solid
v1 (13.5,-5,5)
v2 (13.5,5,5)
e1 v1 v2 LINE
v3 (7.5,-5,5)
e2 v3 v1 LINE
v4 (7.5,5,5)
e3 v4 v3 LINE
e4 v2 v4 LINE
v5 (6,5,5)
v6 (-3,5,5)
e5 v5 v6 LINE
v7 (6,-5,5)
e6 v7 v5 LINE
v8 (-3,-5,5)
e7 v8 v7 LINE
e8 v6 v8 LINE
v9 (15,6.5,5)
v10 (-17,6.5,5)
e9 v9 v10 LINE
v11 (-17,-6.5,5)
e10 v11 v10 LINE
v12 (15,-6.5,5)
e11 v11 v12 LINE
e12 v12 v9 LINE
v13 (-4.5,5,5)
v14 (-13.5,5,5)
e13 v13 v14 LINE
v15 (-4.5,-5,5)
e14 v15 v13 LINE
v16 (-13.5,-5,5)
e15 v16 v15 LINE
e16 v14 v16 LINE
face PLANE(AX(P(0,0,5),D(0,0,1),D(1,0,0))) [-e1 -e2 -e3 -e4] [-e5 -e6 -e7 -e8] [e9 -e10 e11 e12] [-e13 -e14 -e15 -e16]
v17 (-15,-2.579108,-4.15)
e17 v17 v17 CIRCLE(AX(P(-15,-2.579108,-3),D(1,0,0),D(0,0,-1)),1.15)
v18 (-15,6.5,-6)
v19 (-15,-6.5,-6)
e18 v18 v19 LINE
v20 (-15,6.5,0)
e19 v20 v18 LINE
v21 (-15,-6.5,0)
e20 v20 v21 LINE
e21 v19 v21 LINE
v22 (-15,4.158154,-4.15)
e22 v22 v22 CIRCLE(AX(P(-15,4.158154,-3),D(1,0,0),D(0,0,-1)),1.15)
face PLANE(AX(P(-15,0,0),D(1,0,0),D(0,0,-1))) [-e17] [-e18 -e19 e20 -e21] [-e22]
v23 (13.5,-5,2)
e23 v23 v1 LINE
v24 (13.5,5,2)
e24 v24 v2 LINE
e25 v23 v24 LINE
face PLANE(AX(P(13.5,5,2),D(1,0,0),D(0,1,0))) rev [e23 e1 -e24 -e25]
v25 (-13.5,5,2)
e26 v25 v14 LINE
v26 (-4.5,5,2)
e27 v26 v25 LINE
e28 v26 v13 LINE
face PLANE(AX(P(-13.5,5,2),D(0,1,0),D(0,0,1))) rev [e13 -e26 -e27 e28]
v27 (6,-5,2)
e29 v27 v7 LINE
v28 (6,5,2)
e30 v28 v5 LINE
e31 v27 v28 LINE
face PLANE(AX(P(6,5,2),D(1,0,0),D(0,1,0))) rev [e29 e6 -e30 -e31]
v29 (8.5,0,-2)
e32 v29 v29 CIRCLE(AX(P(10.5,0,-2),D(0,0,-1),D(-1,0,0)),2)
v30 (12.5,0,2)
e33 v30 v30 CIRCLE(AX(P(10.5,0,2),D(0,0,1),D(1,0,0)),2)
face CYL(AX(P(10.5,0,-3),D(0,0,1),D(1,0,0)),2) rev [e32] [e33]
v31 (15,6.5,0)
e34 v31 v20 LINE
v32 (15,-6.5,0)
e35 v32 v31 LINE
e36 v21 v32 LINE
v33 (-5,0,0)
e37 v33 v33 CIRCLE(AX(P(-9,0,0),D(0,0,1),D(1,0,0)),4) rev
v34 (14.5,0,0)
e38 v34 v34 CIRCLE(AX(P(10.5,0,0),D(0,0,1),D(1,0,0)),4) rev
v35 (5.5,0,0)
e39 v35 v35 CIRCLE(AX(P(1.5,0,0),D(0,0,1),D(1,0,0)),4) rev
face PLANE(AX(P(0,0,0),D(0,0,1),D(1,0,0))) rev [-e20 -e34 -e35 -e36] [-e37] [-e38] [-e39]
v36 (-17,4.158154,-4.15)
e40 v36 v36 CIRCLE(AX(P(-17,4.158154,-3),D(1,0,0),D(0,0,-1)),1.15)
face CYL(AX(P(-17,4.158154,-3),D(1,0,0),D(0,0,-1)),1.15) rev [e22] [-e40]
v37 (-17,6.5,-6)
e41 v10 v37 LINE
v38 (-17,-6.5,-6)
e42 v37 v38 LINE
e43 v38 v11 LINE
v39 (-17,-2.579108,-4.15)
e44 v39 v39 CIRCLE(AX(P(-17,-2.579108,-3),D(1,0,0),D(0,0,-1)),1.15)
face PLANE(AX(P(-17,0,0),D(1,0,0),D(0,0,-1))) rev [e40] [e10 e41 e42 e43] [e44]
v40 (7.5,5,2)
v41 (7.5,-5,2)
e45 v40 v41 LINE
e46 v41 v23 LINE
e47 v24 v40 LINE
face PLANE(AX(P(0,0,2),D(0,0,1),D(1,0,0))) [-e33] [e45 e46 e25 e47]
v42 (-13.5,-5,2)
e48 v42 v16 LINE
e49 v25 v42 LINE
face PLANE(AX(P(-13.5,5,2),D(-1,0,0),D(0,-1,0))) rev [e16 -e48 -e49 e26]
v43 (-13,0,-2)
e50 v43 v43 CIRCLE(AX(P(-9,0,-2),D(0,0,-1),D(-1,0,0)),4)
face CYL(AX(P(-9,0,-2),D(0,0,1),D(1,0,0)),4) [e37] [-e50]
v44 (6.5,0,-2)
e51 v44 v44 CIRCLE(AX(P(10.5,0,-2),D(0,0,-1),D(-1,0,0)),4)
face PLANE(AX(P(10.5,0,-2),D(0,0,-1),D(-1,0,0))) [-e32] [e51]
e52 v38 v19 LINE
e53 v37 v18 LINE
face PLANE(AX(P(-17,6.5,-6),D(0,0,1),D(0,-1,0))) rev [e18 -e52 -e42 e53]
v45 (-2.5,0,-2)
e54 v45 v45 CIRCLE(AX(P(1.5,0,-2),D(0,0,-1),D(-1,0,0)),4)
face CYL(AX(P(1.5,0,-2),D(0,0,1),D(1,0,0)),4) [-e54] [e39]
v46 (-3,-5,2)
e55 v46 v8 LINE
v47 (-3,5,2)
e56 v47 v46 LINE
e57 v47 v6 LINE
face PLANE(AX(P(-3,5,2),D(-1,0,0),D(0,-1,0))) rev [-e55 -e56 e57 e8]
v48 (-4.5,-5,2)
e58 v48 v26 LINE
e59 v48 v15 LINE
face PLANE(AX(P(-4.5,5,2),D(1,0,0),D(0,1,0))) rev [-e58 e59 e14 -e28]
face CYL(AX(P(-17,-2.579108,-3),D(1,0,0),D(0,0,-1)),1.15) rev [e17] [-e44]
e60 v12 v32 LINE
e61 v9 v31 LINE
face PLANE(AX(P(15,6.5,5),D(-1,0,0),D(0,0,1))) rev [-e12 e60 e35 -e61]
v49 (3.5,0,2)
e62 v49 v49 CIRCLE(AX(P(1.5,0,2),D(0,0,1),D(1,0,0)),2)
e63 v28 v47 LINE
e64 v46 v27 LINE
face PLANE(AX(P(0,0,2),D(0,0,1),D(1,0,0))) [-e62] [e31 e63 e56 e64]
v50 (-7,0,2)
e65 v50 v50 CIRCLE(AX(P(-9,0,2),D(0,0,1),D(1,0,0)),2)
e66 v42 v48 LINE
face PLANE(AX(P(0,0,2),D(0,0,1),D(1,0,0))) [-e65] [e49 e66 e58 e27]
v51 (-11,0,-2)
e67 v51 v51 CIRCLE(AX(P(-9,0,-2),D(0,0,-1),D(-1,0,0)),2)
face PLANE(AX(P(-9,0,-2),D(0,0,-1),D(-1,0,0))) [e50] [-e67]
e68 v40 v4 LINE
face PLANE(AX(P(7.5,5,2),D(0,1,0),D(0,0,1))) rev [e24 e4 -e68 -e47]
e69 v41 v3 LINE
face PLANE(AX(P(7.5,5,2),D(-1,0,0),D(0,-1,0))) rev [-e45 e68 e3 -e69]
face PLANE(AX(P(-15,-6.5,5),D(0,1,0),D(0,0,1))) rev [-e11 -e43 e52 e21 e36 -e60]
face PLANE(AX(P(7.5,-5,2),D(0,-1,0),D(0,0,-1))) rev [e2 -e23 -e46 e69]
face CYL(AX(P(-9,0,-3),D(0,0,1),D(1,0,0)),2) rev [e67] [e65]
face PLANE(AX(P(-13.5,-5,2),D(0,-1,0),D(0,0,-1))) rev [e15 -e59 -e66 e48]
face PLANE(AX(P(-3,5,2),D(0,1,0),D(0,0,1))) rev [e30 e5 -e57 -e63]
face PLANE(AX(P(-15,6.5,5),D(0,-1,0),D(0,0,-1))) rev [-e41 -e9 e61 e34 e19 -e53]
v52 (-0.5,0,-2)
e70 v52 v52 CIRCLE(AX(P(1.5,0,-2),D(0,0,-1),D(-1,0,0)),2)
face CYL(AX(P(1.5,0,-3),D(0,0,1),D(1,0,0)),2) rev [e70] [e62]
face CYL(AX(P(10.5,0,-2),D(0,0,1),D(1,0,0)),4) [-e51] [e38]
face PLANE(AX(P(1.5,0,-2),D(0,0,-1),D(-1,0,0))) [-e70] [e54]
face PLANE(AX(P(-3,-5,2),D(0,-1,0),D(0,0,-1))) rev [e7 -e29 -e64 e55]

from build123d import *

# Parameters (mm, degrees)
SKETCH1_W           = 30
SKETCH1_H           = 13
BOSS_EXTRUDE1_DEPTH = 5
SKETCH2_W           = 9
SKETCH2_H           = 10
SKETCH2_W_2         = 6
CUT_EXTRUDE1_DEPTH  = 3
SKETCH3_R           = 2
CUT_EXTRUDE2_DEPTH  = 5
SKETCH4_W           = 11
SKETCH4_H           = 13
BOSS_EXTRUDE2_DEPTH = 2
SKETCH5_R           = 1.15
CUT_EXTRUDE3_DEPTH  = 2
SKETCH6_R           = 4
SKETCH6_R_2         = 2
BOSS_EXTRUDE3_DEPTH = 2


with BuildPart() as part:
    # Sketch1 → Boss-Extrude1 (new body)
    with BuildSketch(Plane.XY):
        Rectangle(SKETCH1_W, SKETCH1_H)
    extrude(amount=BOSS_EXTRUDE1_DEPTH)

    # Sketch2 → Cut-Extrude1 (cut)
    with BuildSketch(Plane.XY.offset(5)):
        with Locations((-9, 0)):
            Rectangle(SKETCH2_W, SKETCH2_H)
        with Locations((1.5, 0)):
            Rectangle(SKETCH2_W, SKETCH2_H)
        with Locations((10.5, 0)):
            Rectangle(SKETCH2_W_2, SKETCH2_H)
    extrude(amount=-CUT_EXTRUDE1_DEPTH, mode=Mode.SUBTRACT)

    # Sketch3 → Cut-Extrude2 (cut)
    with BuildSketch(Plane.XY.offset(2)):
        with Locations((-9, 0)):
            Circle(SKETCH3_R)
        with Locations((1.5, 0)):
            Circle(SKETCH3_R)
        with Locations((10.5, 0)):
            Circle(SKETCH3_R)
    extrude(amount=-CUT_EXTRUDE2_DEPTH, mode=Mode.SUBTRACT)

    # Sketch4 → Boss-Extrude2 (add)
    with BuildSketch(Plane.ZY.offset(15)):
        with Locations((-0.5, 0)):
            Rectangle(SKETCH4_W, SKETCH4_H)
    extrude(amount=BOSS_EXTRUDE2_DEPTH)

    # Sketch5 → Cut-Extrude3 (cut)
    with BuildSketch(Plane(origin=(-15, 0, 0), x_dir=(0, 0, -1), z_dir=(1, 0, 0))):
        with Locations((3, 4.158153832)):
            Circle(SKETCH5_R)
        with Locations((3, -2.579108073)):
            Circle(SKETCH5_R)
    extrude(amount=-CUT_EXTRUDE3_DEPTH, mode=Mode.SUBTRACT)

    # Sketch6 → Boss-Extrude3 (add)
    with BuildSketch(Plane(origin=(0, 0, 0), x_dir=(-1, 0, 0), z_dir=(0, 0, -1))):
        with Locations(Location((-10.5, 0, 0), (0, 0, 180))):
            Circle(SKETCH6_R)
        with Locations(Location((-10.5, 0, 0), (0, 0, 180))):
            Circle(SKETCH6_R_2, mode=Mode.SUBTRACT)
        with Locations(Location((-1.5, 0, 0), (0, 0, 180))):
            Circle(SKETCH6_R)
        with Locations(Location((-1.5, 0, 0), (0, 0, 180))):
            Circle(SKETCH6_R_2, mode=Mode.SUBTRACT)
        with Locations(Location((9, 0, 0), (0, 0, 180))):
            Circle(SKETCH6_R)
        with Locations(Location((9, 0, 0), (0, 0, 180))):
            Circle(SKETCH6_R_2, mode=Mode.SUBTRACT)
    extrude(amount=BOSS_EXTRUDE3_DEPTH)


solid = part.part
